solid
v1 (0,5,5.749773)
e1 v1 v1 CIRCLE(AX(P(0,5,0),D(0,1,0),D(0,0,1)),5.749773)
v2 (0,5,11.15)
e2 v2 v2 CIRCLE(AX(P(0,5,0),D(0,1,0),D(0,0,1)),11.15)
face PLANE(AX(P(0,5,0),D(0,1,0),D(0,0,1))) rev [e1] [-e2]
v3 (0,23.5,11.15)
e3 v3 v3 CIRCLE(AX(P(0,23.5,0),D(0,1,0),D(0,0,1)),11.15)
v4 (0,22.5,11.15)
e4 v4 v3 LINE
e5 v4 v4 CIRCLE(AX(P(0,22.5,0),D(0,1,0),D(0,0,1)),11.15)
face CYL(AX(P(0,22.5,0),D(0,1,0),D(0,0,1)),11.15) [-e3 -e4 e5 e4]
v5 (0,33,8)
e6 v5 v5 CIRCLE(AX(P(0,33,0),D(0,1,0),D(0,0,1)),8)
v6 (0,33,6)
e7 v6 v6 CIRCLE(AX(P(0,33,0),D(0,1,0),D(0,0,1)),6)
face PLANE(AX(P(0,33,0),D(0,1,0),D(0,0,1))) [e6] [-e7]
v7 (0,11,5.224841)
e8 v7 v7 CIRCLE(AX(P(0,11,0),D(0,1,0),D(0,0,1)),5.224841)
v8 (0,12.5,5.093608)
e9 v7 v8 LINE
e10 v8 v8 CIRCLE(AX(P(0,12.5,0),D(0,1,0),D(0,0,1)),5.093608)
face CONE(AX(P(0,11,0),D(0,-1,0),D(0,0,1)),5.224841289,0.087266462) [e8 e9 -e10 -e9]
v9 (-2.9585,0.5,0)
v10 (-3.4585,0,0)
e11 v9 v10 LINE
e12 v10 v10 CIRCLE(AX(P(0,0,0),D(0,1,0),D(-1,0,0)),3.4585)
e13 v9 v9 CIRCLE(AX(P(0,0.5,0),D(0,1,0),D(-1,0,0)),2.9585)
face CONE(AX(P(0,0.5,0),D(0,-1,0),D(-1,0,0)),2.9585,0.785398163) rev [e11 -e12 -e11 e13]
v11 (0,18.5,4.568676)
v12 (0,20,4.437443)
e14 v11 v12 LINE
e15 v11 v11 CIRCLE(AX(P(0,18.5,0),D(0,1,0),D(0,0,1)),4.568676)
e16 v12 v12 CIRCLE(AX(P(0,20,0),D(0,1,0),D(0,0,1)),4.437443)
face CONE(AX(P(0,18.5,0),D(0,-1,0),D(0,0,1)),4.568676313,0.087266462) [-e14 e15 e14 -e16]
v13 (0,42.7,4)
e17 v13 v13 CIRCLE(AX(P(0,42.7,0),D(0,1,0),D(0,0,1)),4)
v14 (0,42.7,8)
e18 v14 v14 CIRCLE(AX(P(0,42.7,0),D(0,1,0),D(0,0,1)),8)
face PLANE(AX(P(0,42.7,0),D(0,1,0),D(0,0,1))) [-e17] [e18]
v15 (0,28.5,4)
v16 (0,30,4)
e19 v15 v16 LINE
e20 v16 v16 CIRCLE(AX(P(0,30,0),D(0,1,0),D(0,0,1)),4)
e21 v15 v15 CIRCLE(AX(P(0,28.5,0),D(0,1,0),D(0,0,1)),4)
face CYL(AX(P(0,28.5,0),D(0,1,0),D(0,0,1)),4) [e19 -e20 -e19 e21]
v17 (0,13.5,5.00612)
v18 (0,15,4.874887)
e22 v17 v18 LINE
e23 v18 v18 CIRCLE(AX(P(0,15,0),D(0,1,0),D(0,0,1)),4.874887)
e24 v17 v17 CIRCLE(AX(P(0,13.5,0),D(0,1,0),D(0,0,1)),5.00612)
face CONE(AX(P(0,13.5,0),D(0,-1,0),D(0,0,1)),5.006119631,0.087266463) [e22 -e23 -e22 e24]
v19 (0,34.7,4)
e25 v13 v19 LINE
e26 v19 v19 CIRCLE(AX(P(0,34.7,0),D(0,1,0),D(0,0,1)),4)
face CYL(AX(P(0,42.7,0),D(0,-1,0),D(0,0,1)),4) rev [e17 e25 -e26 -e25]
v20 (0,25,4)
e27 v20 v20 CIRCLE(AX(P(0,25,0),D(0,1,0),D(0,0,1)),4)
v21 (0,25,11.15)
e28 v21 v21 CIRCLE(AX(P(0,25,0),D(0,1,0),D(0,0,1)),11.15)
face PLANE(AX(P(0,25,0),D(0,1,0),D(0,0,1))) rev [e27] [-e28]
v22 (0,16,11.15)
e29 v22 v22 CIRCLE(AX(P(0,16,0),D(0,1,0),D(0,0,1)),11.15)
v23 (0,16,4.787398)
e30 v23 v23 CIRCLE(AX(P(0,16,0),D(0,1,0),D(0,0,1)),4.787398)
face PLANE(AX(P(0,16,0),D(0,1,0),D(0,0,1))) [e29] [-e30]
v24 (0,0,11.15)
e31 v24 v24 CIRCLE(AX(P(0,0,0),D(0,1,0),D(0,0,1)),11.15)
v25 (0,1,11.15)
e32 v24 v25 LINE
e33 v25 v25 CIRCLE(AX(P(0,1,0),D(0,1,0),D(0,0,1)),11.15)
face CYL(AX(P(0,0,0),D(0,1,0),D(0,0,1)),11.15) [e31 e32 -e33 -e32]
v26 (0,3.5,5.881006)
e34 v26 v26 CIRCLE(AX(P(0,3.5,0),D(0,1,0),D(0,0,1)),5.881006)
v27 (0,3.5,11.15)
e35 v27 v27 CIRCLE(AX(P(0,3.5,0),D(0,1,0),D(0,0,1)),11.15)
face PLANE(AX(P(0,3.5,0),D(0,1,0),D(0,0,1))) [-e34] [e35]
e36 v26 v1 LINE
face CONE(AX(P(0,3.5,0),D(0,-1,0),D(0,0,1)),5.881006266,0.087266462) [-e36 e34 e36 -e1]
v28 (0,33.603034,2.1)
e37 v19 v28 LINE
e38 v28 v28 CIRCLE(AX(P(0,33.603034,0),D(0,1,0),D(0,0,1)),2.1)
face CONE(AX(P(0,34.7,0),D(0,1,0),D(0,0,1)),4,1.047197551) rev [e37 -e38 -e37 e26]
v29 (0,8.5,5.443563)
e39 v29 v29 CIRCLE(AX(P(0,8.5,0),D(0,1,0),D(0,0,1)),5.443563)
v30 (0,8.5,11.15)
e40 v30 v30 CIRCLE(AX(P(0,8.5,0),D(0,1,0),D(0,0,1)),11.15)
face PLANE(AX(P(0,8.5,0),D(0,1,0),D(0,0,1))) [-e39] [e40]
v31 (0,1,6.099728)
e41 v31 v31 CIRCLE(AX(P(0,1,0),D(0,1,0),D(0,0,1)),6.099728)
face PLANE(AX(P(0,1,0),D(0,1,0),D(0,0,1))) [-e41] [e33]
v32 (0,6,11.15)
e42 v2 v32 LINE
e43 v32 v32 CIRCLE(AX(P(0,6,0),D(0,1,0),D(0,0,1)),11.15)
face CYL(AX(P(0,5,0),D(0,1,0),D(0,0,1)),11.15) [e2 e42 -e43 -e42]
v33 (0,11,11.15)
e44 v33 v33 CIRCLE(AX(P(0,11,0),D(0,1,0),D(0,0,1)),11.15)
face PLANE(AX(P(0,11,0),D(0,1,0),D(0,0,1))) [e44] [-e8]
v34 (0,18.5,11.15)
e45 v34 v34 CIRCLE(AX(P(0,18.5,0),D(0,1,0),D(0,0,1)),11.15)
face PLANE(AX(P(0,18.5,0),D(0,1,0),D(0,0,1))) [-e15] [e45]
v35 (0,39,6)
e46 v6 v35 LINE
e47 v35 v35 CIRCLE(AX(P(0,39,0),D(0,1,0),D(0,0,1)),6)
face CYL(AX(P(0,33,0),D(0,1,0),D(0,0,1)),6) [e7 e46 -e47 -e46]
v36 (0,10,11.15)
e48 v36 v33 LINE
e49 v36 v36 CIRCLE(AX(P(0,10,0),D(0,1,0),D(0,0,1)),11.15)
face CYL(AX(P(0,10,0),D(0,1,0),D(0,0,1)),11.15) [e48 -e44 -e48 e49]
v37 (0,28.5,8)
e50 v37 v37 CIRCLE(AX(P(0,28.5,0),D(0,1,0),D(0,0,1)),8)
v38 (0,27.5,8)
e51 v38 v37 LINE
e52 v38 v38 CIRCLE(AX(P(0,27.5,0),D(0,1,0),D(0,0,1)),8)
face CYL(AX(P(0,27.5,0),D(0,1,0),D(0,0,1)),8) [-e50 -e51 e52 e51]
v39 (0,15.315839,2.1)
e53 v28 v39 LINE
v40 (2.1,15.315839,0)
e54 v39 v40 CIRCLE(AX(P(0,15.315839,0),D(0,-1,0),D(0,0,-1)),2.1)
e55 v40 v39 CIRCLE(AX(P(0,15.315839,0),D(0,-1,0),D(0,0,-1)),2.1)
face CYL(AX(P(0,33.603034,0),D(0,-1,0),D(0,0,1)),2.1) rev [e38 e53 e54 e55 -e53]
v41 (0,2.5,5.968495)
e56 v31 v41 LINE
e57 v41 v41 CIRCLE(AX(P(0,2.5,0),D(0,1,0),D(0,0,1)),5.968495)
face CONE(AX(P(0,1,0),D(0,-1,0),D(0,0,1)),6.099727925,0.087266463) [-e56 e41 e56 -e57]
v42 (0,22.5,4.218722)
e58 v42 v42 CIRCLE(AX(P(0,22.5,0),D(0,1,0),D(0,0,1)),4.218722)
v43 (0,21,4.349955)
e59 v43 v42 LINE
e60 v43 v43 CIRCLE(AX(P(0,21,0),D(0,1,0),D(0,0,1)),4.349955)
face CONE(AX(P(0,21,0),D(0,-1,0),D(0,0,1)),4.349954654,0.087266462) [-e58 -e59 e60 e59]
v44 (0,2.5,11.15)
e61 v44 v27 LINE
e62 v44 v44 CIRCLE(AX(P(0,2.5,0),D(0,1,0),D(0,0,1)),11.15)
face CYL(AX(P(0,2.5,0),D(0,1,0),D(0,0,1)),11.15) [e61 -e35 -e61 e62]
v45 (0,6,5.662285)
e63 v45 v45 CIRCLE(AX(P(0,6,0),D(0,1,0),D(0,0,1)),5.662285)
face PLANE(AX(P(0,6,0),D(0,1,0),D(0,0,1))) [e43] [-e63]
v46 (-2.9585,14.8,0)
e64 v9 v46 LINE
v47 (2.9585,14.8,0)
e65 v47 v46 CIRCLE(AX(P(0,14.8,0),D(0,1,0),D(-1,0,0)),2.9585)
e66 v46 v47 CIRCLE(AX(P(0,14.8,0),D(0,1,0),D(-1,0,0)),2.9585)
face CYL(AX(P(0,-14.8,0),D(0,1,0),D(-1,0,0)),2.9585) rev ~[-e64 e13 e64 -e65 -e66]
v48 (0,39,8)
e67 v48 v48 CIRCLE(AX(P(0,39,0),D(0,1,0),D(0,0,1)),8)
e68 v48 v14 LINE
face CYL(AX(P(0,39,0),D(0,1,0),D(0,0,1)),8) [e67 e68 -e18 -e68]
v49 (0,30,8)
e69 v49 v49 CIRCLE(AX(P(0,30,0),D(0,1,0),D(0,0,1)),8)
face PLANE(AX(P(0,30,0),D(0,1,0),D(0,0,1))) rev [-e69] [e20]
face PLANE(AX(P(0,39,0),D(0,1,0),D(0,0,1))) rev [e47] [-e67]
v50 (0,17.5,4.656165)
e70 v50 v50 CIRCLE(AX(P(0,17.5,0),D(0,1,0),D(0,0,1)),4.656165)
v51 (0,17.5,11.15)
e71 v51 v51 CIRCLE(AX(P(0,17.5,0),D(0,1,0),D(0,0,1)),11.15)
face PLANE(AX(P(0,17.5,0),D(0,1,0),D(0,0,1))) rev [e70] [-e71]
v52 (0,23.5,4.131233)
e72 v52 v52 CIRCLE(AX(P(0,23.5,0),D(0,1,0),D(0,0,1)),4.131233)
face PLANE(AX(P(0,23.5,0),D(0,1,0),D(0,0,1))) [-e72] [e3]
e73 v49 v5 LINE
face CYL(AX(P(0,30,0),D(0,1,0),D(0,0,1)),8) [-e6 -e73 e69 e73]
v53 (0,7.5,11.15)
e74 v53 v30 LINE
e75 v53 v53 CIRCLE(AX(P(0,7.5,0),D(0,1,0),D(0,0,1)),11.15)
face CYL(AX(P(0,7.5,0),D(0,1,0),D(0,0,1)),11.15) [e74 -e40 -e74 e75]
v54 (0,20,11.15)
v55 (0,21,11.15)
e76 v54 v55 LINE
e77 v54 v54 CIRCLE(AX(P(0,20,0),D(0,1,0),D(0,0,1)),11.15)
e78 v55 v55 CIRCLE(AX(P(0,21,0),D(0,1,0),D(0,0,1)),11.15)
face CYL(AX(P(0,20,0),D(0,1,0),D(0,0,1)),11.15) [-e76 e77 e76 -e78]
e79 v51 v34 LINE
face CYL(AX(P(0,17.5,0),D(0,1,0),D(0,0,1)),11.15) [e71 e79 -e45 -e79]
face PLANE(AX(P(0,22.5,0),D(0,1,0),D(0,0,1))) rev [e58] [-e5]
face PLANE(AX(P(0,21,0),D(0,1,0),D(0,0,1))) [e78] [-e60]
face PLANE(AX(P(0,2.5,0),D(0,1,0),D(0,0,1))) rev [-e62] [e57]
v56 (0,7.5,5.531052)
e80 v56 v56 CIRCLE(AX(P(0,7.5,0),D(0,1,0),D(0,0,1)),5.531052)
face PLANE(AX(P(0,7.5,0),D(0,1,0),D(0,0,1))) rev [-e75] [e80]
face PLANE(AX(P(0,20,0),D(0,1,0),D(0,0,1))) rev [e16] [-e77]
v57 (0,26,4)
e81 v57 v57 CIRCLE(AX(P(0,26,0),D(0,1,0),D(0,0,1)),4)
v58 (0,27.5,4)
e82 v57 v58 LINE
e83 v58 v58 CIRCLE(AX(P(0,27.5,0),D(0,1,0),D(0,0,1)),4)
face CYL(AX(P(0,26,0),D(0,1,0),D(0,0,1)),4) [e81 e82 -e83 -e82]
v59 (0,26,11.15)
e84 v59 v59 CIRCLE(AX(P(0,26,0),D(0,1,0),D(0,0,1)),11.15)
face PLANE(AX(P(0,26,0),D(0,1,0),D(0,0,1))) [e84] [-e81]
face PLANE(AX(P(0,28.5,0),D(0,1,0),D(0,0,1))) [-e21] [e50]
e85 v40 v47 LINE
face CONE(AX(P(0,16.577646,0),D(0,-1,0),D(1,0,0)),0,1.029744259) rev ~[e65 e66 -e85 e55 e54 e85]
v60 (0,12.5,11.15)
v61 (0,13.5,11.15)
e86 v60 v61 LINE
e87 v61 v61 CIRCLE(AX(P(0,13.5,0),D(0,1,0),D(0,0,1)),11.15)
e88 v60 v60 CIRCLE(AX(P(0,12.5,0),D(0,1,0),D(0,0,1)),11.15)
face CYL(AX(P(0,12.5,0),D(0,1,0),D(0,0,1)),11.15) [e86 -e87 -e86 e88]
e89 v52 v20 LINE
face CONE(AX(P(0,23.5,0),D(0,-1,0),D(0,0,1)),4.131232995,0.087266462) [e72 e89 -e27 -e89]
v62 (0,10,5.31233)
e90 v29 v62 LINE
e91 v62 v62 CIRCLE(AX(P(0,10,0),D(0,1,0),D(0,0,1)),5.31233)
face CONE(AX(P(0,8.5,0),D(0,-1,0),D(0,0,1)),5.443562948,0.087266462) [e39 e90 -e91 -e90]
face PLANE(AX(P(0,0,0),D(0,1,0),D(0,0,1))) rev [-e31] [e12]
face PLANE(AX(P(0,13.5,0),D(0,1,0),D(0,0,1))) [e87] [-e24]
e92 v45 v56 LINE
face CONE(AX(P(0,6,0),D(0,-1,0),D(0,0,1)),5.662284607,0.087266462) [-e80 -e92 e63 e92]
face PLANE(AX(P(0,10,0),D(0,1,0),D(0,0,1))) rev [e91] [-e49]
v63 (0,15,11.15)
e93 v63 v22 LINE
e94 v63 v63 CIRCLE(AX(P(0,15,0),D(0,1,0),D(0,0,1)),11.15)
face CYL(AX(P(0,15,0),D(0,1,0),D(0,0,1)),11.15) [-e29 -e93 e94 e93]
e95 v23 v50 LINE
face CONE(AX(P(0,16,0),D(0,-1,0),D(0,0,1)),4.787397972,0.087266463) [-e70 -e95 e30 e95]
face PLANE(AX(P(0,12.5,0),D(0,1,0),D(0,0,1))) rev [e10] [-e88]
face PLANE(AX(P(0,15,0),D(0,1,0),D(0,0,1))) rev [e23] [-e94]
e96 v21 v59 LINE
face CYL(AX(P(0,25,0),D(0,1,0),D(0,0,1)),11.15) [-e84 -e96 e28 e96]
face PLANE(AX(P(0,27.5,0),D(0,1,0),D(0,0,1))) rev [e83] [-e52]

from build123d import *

# Parameters (mm, degrees)
HOLE_WIZARD_1_D     = 5.917
HOLE_WIZARD_1_DEPTH = 14.8
HOLE_WIZARD_1_TIP   = 1.777646141
CHAMFER_1_SIZE      = 0.5


with BuildPart() as part:
    # Эскиз1 → Повернуть1 (revolve)
    with BuildSketch(Plane(origin=(0, 0, 0), x_dir=(0, 0, -1), z_dir=(1, 0, 0))):
        Polygon((-4, 42.7), (-4, 34.7), (-2.1, 33.603034489), (-2.1, 0), (-11.15, 0), (-11.15, 1), (-6.099727925, 1), (-5.968494929, 2.5), (-11.15, 2.5), (-11.15, 3.5), (-5.881006266, 3.5), (-5.749773271, 5), (-11.15, 5), (-11.15, 6), (-5.662284607, 6), (-5.531051612, 7.5), (-11.15, 7.5), (-11.15, 8.5), (-5.443562948, 8.5), (-5.312329953, 10), (-11.15, 10), (-11.15, 11), (-5.224841289, 11), (-5.093608294, 12.5), (-11.15, 12.5), (-11.15, 13.5), (-5.006119631, 13.5), (-4.874886635, 15), (-11.15, 15), (-11.15, 16), (-4.787397972, 16), (-4.656164976, 17.5), (-11.15, 17.5), (-11.15, 18.5), (-4.568676313, 18.5), (-4.437443318, 20), (-11.15, 20), (-11.15, 21), (-4.349954654, 21), (-4.218721659, 22.5), (-11.15, 22.5), (-11.15, 23.5), (-4.131232995, 23.5), (-4, 25), (-11.15, 25), (-11.15, 26), (-4, 26), (-4, 27.5), (-8, 27.5), (-8, 28.5), (-4, 28.5), (-4, 30), (-8, 30), (-8, 33), (-6, 33), (-6, 39), (-8, 39), (-8, 42.7), align=None)
    revolve(axis=Axis((0, 0, 0), (0, 1, 0)))

    # Отверстие1
    with Locations(Plane.XZ):
        with Locations((0, 0)):
            Hole(HOLE_WIZARD_1_D / 2, depth=HOLE_WIZARD_1_DEPTH)
            with Locations((0, 0, -(HOLE_WIZARD_1_DEPTH + HOLE_WIZARD_1_TIP / 2))):  # 118° drill point
                Cone(0, HOLE_WIZARD_1_D / 2, HOLE_WIZARD_1_TIP, mode=Mode.SUBTRACT)

    # Фаска1
    chamfer_1_edges = [part.edges().sort_by_distance(p)[0] for p in [
        (2.9585, 0, 0),
    ]]
    chamfer(chamfer_1_edges, length=CHAMFER_1_SIZE)


solid = part.part
